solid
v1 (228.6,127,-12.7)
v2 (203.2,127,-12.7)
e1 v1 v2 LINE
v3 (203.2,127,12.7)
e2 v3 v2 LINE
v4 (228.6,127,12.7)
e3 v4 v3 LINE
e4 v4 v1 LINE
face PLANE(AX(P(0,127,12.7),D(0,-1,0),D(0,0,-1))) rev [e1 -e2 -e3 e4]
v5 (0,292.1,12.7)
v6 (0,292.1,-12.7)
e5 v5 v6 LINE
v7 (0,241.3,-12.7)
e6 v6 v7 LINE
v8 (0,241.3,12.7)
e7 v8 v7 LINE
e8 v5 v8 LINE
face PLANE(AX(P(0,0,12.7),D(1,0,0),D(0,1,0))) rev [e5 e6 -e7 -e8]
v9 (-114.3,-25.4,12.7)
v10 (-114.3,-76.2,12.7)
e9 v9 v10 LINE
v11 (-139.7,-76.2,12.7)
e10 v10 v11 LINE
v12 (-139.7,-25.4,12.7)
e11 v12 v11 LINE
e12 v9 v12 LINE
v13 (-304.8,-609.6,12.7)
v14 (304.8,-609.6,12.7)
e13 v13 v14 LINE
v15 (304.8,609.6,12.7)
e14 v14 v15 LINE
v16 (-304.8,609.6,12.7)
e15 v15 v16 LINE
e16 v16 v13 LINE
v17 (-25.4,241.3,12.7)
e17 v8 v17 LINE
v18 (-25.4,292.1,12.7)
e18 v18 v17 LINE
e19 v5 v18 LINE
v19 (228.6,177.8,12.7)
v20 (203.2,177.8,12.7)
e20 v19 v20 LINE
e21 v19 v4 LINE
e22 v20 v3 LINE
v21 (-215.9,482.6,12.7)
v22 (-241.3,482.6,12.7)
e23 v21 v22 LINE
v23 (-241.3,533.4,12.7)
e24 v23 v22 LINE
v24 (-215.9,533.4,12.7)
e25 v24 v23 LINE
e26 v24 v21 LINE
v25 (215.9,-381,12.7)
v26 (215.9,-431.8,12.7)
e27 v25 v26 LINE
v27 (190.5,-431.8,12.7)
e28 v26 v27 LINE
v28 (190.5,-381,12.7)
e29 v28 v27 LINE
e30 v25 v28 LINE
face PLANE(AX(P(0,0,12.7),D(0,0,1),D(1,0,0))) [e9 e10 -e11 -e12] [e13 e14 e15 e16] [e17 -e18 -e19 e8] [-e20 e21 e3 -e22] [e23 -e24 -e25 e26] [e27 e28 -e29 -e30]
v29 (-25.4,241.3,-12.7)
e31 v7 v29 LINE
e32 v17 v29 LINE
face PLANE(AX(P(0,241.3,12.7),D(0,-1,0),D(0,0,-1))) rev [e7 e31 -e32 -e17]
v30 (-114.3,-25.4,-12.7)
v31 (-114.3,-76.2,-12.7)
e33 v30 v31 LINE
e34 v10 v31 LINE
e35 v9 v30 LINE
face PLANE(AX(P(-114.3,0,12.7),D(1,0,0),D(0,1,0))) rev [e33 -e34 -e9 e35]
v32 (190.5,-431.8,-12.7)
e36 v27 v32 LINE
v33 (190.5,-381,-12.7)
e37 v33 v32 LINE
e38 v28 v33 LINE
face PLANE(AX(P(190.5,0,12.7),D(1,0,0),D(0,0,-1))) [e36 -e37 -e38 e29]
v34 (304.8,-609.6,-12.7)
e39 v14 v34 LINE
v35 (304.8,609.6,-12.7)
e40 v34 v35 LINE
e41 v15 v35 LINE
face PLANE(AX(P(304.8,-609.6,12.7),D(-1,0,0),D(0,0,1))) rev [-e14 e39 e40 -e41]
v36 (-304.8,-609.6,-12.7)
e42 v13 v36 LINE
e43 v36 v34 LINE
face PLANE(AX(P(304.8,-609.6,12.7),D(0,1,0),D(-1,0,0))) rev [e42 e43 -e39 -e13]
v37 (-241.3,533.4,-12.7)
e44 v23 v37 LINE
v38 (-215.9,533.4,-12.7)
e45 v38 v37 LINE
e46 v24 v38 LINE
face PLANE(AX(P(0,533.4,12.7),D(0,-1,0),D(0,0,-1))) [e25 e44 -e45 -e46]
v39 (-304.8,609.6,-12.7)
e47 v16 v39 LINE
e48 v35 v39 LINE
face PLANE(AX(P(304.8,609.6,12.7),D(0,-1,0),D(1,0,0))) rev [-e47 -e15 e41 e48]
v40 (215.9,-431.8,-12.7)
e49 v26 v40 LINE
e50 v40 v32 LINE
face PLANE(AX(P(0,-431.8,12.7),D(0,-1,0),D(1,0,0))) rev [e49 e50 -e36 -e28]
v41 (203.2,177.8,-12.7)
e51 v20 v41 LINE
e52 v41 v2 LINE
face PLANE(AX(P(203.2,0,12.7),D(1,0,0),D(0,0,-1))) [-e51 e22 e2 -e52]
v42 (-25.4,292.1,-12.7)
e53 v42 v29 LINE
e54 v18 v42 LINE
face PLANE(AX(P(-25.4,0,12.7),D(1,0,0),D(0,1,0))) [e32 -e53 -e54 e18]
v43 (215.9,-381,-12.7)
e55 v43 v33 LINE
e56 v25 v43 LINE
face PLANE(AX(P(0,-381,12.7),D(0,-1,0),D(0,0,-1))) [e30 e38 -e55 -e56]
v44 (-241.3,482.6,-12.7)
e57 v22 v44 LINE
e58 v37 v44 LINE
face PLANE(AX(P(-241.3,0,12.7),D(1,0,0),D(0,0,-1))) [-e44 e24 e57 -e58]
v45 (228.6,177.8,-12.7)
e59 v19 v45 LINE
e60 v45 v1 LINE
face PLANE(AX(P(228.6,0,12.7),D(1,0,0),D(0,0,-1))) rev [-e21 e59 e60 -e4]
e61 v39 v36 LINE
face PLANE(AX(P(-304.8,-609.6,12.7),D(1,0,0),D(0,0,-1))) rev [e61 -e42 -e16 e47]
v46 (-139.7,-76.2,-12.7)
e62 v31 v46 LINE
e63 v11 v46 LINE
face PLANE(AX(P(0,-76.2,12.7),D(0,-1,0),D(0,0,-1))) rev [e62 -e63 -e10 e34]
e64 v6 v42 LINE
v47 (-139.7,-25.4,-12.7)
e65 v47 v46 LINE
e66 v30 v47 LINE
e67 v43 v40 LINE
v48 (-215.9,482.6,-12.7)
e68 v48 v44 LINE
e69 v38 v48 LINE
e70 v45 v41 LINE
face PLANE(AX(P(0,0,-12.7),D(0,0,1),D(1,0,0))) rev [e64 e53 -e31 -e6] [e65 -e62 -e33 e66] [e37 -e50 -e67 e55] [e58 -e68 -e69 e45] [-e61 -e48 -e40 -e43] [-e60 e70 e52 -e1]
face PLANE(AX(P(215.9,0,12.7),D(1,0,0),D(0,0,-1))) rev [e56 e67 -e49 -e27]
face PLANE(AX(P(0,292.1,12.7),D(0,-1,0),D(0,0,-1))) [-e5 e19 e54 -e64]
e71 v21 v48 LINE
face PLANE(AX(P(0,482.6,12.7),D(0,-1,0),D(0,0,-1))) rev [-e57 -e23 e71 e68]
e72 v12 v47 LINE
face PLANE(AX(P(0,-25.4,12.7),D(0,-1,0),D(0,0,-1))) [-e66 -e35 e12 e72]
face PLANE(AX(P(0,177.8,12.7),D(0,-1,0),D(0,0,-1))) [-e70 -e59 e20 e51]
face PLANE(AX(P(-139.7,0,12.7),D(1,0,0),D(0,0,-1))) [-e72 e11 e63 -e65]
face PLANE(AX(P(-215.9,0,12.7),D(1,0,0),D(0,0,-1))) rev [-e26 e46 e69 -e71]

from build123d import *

# Parameters (mm, degrees)
SKETCH1_W           = 609.6
SKETCH1_H           = 1219.2
BOSS_EXTRUDE1_DEPTH = 12.7
SKETCH2_W           = 25.4
SKETCH2_H           = 50.8
CUT_EXTRUDE1_DEPTH  = 683.026656371


with BuildPart() as part:
    # Sketch1 → Boss-Extrude1 (new, symmetric)
    with BuildSketch(Plane.XY):
        Rectangle(SKETCH1_W, SKETCH1_H)
    extrude(amount=BOSS_EXTRUDE1_DEPTH, both=True)

    # Sketch2 → Cut-Extrude1 (cut, through all)
    with BuildSketch(Plane(origin=(0, 0, -12.7), x_dir=(-1, 0, 0), z_dir=(0, 0, -1))):
        with Locations((-215.9, 152.4)):
            Rectangle(SKETCH2_W, SKETCH2_H)
        with Locations((12.7, 266.7)):
            Rectangle(SKETCH2_W, SKETCH2_H)
        with Locations((228.6, 508)):
            Rectangle(SKETCH2_W, SKETCH2_H)
        with Locations((127, -50.8)):
            Rectangle(SKETCH2_W, SKETCH2_H)
        with Locations((-203.2, -406.4)):
            Rectangle(SKETCH2_W, SKETCH2_H)
    extrude(amount=-CUT_EXTRUDE1_DEPTH, mode=Mode.SUBTRACT)


solid = part.part
